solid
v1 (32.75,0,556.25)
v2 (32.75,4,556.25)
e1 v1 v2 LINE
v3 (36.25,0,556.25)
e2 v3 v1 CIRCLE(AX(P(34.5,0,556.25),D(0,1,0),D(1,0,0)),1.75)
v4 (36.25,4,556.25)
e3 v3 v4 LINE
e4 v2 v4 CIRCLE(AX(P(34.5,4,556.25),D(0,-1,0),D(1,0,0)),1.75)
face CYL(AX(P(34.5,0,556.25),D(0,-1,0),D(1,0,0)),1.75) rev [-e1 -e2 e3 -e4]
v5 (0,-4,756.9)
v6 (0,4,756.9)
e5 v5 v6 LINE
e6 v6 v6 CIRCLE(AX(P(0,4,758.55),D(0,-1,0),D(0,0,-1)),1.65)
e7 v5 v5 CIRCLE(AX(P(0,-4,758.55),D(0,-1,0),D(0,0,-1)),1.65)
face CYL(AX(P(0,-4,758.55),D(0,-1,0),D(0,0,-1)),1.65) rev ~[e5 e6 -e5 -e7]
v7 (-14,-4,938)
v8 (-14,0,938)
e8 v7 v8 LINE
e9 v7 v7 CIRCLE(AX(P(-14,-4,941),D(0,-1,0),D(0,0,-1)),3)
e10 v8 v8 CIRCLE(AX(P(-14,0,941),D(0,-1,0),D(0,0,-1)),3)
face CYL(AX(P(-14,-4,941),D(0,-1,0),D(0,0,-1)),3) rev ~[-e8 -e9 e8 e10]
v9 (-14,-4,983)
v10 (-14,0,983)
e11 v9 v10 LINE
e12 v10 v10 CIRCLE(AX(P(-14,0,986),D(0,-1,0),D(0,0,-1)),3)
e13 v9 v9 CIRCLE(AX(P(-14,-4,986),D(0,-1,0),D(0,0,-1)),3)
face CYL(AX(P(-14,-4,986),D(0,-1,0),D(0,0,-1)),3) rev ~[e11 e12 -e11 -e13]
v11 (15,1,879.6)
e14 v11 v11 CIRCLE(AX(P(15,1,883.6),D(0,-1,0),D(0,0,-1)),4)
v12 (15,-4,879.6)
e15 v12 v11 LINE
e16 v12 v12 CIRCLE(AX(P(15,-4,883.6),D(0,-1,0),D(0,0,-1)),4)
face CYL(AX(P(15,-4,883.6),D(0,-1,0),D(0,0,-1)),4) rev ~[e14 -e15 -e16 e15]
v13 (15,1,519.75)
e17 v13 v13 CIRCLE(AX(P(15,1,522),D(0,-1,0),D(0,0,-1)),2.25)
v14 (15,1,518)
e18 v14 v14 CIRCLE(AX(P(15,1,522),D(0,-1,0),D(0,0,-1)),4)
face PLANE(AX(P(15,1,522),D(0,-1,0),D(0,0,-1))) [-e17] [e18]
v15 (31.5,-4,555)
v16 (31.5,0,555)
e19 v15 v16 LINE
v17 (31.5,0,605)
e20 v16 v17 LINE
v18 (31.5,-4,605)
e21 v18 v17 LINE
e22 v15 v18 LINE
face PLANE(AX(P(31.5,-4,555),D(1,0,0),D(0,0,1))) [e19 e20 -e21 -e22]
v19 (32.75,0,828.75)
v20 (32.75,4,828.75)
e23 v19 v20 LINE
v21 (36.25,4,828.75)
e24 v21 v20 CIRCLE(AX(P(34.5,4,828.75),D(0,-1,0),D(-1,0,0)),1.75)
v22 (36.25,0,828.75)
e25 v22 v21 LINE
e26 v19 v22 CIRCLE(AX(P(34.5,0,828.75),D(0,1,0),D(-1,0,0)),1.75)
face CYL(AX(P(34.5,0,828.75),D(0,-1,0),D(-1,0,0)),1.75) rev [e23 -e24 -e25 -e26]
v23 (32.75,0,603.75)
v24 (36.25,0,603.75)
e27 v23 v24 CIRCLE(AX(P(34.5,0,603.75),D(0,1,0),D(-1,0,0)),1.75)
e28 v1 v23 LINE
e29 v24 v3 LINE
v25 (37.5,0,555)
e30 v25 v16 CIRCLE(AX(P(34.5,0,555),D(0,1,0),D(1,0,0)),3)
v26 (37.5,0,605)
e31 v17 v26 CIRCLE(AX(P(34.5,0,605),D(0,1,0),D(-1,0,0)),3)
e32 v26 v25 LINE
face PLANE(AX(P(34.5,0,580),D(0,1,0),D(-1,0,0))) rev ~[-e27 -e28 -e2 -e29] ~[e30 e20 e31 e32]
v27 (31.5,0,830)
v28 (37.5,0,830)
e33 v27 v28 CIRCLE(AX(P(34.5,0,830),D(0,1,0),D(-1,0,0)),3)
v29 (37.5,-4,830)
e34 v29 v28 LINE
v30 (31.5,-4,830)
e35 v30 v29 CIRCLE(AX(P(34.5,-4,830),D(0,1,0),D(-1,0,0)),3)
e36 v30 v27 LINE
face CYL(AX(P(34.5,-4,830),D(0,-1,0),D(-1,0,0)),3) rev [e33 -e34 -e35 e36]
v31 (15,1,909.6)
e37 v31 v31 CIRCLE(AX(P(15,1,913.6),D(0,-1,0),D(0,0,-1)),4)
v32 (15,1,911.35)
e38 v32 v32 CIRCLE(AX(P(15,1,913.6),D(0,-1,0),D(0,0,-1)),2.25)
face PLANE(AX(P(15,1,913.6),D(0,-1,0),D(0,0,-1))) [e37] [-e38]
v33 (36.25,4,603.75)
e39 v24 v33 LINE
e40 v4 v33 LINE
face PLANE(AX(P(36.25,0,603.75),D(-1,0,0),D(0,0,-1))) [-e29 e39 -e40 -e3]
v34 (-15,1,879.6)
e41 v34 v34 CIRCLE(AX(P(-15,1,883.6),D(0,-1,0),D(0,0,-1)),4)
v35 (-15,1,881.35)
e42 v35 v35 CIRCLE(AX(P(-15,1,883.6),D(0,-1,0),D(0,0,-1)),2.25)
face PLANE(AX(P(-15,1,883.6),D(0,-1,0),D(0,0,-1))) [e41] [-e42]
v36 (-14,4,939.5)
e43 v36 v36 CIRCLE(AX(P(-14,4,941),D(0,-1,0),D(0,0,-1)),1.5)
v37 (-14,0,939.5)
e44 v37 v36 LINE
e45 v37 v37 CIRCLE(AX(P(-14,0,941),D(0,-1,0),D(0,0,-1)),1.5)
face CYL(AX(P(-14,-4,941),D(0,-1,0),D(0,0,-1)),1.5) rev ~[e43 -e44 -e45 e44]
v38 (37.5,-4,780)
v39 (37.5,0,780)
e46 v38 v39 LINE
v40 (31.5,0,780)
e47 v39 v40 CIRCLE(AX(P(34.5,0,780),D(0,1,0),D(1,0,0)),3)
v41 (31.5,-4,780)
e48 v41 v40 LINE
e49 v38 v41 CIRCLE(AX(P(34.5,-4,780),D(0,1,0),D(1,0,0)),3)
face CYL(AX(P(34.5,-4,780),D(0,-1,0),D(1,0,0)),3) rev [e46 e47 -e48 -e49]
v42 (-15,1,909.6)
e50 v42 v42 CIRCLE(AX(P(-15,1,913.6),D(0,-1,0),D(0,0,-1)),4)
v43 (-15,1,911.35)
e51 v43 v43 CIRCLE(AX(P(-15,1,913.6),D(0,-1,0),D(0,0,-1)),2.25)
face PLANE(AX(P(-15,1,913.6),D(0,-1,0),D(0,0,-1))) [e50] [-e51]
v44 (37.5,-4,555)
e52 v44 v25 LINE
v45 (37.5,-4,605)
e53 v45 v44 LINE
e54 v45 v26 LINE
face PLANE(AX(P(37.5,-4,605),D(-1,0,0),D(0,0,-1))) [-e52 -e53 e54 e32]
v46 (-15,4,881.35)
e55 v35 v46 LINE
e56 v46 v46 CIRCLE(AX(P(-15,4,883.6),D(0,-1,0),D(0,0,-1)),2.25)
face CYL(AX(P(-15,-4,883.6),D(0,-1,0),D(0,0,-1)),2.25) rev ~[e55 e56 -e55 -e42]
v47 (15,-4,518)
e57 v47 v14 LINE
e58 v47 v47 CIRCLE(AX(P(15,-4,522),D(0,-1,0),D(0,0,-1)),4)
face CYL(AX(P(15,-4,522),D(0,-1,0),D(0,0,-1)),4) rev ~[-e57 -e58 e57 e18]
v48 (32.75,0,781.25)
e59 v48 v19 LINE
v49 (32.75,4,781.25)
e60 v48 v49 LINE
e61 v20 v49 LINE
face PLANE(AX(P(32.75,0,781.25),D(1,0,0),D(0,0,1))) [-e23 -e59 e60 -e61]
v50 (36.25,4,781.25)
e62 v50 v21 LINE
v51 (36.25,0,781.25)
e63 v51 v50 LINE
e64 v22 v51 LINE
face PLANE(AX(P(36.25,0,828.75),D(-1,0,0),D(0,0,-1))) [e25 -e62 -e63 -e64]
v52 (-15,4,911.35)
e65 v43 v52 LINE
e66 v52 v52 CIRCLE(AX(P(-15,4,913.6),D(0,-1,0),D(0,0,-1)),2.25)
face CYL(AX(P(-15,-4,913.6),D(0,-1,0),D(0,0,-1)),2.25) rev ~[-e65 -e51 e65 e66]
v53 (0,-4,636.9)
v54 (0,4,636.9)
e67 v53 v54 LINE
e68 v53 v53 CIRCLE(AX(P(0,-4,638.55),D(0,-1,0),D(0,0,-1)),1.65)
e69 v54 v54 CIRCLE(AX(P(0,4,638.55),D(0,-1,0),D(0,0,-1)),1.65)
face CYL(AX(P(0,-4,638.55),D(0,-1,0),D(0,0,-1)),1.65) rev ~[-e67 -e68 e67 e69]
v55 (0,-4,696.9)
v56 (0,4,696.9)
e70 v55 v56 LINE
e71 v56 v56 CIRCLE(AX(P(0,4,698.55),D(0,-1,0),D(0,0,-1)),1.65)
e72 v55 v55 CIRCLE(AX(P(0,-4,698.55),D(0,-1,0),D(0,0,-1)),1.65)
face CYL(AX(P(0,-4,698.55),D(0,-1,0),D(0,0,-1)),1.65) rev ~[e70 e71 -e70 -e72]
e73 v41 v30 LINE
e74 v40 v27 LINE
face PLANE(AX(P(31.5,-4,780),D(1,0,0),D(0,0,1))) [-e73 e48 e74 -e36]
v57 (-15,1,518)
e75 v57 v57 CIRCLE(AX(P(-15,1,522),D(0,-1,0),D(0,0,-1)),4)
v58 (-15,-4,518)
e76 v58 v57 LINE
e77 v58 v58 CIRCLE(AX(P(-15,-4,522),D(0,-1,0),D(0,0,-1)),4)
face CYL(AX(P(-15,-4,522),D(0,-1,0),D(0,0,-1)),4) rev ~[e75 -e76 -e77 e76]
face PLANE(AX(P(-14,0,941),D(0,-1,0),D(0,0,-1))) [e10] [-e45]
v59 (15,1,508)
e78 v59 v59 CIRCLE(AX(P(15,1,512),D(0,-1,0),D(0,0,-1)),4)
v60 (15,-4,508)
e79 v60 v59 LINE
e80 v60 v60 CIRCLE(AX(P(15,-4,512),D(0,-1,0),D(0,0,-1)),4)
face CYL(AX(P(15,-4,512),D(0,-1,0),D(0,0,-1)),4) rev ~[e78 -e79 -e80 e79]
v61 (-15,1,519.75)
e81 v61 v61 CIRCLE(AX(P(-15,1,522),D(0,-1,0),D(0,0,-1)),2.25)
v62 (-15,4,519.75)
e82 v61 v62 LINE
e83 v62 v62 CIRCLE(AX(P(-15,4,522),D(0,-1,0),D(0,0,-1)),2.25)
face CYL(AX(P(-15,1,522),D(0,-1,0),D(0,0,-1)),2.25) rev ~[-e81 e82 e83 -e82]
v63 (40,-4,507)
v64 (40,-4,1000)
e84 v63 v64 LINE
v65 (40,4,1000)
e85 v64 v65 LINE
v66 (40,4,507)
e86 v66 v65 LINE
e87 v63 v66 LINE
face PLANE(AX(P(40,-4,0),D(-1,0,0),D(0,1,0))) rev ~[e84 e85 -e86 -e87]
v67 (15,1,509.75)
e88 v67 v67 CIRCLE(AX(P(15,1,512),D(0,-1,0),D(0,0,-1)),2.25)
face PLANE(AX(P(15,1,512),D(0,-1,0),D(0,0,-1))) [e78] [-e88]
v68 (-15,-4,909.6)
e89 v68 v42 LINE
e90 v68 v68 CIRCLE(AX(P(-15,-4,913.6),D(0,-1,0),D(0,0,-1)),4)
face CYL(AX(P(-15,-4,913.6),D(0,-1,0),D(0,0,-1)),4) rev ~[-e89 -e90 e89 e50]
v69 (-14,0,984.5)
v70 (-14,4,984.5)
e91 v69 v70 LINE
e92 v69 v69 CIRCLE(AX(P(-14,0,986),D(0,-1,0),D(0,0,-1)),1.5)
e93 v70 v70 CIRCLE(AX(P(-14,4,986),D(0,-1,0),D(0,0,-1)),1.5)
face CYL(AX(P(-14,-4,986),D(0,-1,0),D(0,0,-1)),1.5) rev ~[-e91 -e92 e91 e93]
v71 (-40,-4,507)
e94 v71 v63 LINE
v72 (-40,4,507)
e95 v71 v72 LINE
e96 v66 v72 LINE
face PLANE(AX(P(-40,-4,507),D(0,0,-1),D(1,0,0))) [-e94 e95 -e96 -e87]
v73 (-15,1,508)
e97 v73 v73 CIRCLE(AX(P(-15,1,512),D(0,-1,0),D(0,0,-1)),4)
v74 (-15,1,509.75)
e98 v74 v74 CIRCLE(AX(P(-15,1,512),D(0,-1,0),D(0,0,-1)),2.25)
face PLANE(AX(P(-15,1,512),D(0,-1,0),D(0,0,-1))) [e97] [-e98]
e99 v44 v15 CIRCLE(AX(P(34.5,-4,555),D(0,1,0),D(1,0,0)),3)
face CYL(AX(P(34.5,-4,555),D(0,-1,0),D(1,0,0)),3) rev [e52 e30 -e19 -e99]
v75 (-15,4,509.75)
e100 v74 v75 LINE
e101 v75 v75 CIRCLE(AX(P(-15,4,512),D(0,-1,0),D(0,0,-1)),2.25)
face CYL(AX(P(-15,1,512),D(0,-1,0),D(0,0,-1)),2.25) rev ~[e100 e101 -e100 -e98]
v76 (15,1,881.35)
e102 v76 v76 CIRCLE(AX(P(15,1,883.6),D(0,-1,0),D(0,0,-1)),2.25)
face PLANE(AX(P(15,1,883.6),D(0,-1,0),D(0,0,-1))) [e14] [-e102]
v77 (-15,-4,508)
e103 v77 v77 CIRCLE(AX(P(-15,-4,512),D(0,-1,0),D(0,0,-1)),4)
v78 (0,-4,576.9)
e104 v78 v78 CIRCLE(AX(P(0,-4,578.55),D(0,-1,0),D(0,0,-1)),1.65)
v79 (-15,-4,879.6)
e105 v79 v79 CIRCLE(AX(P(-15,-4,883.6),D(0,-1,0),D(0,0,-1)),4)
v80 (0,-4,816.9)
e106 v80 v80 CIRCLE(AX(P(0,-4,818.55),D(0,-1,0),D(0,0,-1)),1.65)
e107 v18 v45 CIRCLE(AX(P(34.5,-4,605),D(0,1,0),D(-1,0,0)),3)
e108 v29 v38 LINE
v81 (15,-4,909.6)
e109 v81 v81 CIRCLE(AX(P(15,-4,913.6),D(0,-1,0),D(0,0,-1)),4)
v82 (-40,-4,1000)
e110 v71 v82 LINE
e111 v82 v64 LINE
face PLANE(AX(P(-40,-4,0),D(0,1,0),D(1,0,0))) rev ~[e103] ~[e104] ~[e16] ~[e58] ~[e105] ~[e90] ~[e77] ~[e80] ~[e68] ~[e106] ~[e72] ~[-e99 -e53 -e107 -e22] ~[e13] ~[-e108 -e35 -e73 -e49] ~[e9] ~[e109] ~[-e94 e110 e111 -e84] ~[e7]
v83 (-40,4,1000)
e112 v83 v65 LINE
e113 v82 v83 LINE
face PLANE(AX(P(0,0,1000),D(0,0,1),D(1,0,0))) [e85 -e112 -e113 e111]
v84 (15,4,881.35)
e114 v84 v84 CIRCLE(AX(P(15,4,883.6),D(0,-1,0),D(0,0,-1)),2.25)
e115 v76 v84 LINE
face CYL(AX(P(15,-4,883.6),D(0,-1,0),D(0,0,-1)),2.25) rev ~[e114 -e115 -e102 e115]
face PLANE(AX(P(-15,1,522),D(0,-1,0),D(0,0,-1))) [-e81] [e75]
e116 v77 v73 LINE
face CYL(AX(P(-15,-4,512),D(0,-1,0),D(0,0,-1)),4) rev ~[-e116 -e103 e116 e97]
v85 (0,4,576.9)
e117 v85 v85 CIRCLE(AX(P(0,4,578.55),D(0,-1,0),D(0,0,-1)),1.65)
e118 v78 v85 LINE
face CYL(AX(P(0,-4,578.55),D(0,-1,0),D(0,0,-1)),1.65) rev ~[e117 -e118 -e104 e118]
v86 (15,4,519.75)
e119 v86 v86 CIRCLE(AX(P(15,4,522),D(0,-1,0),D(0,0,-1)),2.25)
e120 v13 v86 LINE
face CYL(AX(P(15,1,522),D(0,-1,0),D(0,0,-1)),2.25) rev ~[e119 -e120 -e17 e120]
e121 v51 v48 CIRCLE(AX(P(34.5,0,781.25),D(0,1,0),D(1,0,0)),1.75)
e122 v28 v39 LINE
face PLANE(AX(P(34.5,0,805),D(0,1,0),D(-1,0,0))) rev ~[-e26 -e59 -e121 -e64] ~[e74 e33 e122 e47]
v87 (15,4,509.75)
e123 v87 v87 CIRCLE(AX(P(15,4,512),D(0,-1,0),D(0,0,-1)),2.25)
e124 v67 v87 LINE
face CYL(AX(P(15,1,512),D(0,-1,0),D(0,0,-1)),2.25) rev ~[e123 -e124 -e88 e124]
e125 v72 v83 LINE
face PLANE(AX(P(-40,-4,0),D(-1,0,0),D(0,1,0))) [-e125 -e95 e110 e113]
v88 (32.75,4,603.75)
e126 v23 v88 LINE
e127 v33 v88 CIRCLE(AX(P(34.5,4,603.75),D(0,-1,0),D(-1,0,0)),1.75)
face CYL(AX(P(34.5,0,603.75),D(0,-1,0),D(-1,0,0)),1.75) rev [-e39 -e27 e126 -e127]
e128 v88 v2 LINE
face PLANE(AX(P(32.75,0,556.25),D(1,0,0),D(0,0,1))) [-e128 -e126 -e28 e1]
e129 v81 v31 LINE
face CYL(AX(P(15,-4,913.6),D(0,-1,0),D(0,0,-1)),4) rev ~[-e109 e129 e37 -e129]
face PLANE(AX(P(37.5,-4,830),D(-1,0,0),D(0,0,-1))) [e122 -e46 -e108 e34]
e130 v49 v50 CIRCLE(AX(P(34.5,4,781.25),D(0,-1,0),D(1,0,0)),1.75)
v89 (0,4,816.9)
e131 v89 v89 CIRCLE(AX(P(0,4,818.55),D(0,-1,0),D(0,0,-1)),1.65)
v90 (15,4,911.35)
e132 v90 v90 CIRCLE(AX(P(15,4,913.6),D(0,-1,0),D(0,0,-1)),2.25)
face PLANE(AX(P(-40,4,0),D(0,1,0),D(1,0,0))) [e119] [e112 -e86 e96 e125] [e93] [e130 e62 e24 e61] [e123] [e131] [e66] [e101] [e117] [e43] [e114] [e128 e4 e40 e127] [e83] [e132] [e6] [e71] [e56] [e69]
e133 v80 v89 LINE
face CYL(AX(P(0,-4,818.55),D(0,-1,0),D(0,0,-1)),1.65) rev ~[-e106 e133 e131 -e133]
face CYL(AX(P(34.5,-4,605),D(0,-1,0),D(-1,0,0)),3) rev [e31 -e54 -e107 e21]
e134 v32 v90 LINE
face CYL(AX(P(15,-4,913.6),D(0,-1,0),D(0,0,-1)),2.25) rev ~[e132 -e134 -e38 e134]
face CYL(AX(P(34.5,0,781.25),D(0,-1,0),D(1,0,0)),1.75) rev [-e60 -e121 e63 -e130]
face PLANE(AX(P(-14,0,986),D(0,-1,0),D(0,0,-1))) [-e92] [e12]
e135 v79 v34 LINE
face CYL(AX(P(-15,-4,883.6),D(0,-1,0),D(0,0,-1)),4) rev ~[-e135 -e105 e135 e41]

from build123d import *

# Parameters (mm, degrees)
SKETCH_1_W                  = 80
SKETCH_1_H                  = 8
EXTRUDE_1_DEPTH             = 1000
SKETCH_3_R                  = 4
CUT_EXTRUDE_1_DEPTH         = 5
SKETCH_4_R                  = 2.25
CUT_EXTRUDE_2_DEPTH         = 5
SKETCH_5_R                  = 2.25
CUT_EXTRUDE_3_DEPTH         = 8
PATTERN_LINEAR_1_COUNT      = 2
PATTERN_LINEAR_1_PITCH      = 30
PATTERN_LINEAR_1_COUNT_DIR2 = 2
PATTERN_LINEAR_1_PITCH_DIR2 = 30
SKETCH_6_R                  = 4
CUT_EXTRUDE_4_DEPTH         = 5
PATTERN_LINEAR_2_COUNT      = 2
PATTERN_LINEAR_2_PITCH      = 30
PATTERN_LINEAR_2_COUNT_DIR2 = 2
PATTERN_LINEAR_2_PITCH_DIR2 = 30
PATTERN_LINEAR_11_COUNT     = 2
PATTERN_LINEAR_11_PITCH     = 10
CUT_EXTRUDE_8_DEPTH         = 4
CUT_EXTRUDE_9_DEPTH         = 5
PATTERN_LINEAR_5_COUNT      = 2
PATTERN_LINEAR_5_PITCH      = 610
PATTERN_LINEAR_6_COUNT      = 2
PATTERN_LINEAR_6_PITCH      = 225
PATTERN_LINEAR_7_COUNT      = 2
PATTERN_LINEAR_7_PITCH      = 385
SKETCH_13_R                 = 1.5
CUT_EXTRUDE_10_DEPTH        = 8
SKETCH_14_R                 = 3
CUT_EXTRUDE_11_DEPTH        = 4
PATTERN_LINEAR_8_COUNT      = 2
PATTERN_LINEAR_8_PITCH      = 927
SKETCH_15_R                 = 1.65
CUT_EXTRUDE_12_DEPTH        = 10
PATTERN_LINEAR_9_COUNT      = 5
PATTERN_LINEAR_9_PITCH      = 60
SKETCH_16_R                 = 1.65
CUT_EXTRUDE_13_DEPTH        = 10
PATTERN_LINEAR_10_COUNT     = 5
PATTERN_LINEAR_10_PITCH     = 60
SKETCH_17_W                 = 80
SKETCH_17_H                 = 507
CUT_EXTRUDE_14_DEPTH        = 10


with BuildPart() as part:
    # Эскиз1 → Бобышка-Вытянуть1 (new body)
    with BuildSketch(Plane.XY):
        Rectangle(SKETCH_1_W, SKETCH_1_H)
    extrude(amount=EXTRUDE_1_DEPTH)

    # Эскиз3 → Вырез-Вытянуть1 (cut)
    with BuildSketch(Plane.XZ.offset(4)):
        with Locations(Location((15, 512, 0), (0, 0, 270))):
            Circle(SKETCH_3_R)
        with Locations(Location((-15, 512, 0), (0, 0, 270))):
            Circle(SKETCH_3_R)
    cut_extrude_1 = extrude(amount=-CUT_EXTRUDE_1_DEPTH, mode=Mode.SUBTRACT)

    # Эскиз4 → Вырез-Вытянуть2 (cut)
    with BuildSketch(Plane.XZ.offset(-1)):
        with Locations(Location((-15, 512, 0), (0, 0, 270))):
            Circle(SKETCH_4_R)
        with Locations(Location((15, 512, 0), (0, 0, 270))):
            Circle(SKETCH_4_R)
    cut_extrude_2 = extrude(amount=-CUT_EXTRUDE_2_DEPTH, mode=Mode.SUBTRACT)

    # Эскиз5 → Вырез-Вытянуть3 (cut)
    with BuildSketch(Plane.XZ.offset(4)):
        with Locations(Location((-15, 913.6, 0), (0, 0, 270))):
            Circle(SKETCH_5_R)
    cut_extrude_3 = extrude(amount=-CUT_EXTRUDE_3_DEPTH, mode=Mode.SUBTRACT)

    # Линейный массив1: Cut-Extrude 3 2 × 2
    with Locations(*[(i * PATTERN_LINEAR_1_PITCH, 0, -j * PATTERN_LINEAR_1_PITCH_DIR2) for i in range(PATTERN_LINEAR_1_COUNT) for j in range(PATTERN_LINEAR_1_COUNT_DIR2) if (i, j) != (0, 0)]):
        add(cut_extrude_3, mode=Mode.SUBTRACT)

    # Эскиз6 → Вырез-Вытянуть4 (cut)
    with BuildSketch(Plane.XZ.offset(4)):
        with Locations(Location((-15, 913.6, 0), (0, 0, 270))):
            Circle(SKETCH_6_R)
    cut_extrude_4 = extrude(amount=-CUT_EXTRUDE_4_DEPTH, mode=Mode.SUBTRACT)

    # Линейный массив2: Cut-Extrude 4 2 × 2
    with Locations(*[(i * PATTERN_LINEAR_2_PITCH, 0, -j * PATTERN_LINEAR_2_PITCH_DIR2) for i in range(PATTERN_LINEAR_2_COUNT) for j in range(PATTERN_LINEAR_2_COUNT_DIR2) if (i, j) != (0, 0)]):
        add(cut_extrude_4, mode=Mode.SUBTRACT)

    # Линейный массив11: Вырез-Вытянуть1, Вырез-Вытянуть2 ×2
    with Locations(*[(0, 0, i * PATTERN_LINEAR_11_PITCH) for i in range(1, PATTERN_LINEAR_11_COUNT)]):
        add(cut_extrude_1, mode=Mode.SUBTRACT)
        add(cut_extrude_2, mode=Mode.SUBTRACT)

    # Эскиз11 → Вырез-Вытянуть8 (cut)
    with BuildSketch(Plane.XZ.offset(4)):
        with BuildLine():
            Line((37.5, 220), (37.5, 170))
            ThreePointArc((37.5, 170), (34.5, 167), (31.5, 170))
            Line((31.5, 170), (31.5, 220))
            ThreePointArc((31.5, 220), (34.5, 223), (37.5, 220))
        make_face()
    cut_extrude_8 = extrude(amount=-CUT_EXTRUDE_8_DEPTH, mode=Mode.SUBTRACT)

    # Эскиз12 → Вырез-Вытянуть9 (cut)
    with BuildSketch(Plane(origin=(0, 0, 0), x_dir=(-1, 0, 0), z_dir=(0, -1, 0))):
        with BuildLine():
            Line((-36.25, -218.75), (-36.25, -171.25))
            ThreePointArc((-36.25, -171.25), (-34.5, -169.5), (-32.75, -171.25))
            Line((-32.75, -171.25), (-32.75, -218.75))
            ThreePointArc((-32.75, -218.75), (-34.5, -220.5), (-36.25, -218.75))
        make_face()
    cut_extrude_9 = extrude(amount=-CUT_EXTRUDE_9_DEPTH, mode=Mode.SUBTRACT)

    # Линейный массив5: Вырез-Вытянуть8, Вырез-Вытянуть9 ×2
    with Locations(*[(0, 0, i * PATTERN_LINEAR_5_PITCH) for i in range(1, PATTERN_LINEAR_5_COUNT)]):
        add(cut_extrude_8, mode=Mode.SUBTRACT)
        add(cut_extrude_9, mode=Mode.SUBTRACT)

    # Линейный массив6: Вырез-Вытянуть8, Вырез-Вытянуть9 ×2
    with Locations(*[(0, 0, i * PATTERN_LINEAR_6_PITCH) for i in range(1, PATTERN_LINEAR_6_COUNT)]):
        add(cut_extrude_8, mode=Mode.SUBTRACT)
        add(cut_extrude_9, mode=Mode.SUBTRACT)

    # Линейный массив7: Вырез-Вытянуть8, Вырез-Вытянуть9 ×2
    with Locations(*[(0, 0, i * PATTERN_LINEAR_7_PITCH) for i in range(1, PATTERN_LINEAR_7_COUNT)]):
        add(cut_extrude_8, mode=Mode.SUBTRACT)
        add(cut_extrude_9, mode=Mode.SUBTRACT)

    # Эскиз13 → Вырез-Вытянуть10 (cut)
    with BuildSketch(Plane.XZ.offset(4)):
        with Locations(Location((-14, 59, 0), (0, 0, 270))):
            Circle(SKETCH_13_R)
        with Locations(Location((-14, 14, 0), (0, 0, 270))):
            Circle(SKETCH_13_R)
    cut_extrude_10 = extrude(amount=-CUT_EXTRUDE_10_DEPTH, mode=Mode.SUBTRACT)

    # Эскиз14 → Вырез-Вытянуть11 (cut)
    with BuildSketch(Plane.XZ.offset(4)):
        with Locations(Location((-14, 59, 0), (0, 0, 270))):
            Circle(SKETCH_14_R)
        with Locations(Location((-14, 14, 0), (0, 0, 270))):
            Circle(SKETCH_14_R)
    cut_extrude_11 = extrude(amount=-CUT_EXTRUDE_11_DEPTH, mode=Mode.SUBTRACT)

    # Линейный массив8: Вырез-Вытянуть10, Вырез-Вытянуть11 ×2
    with Locations(*[(0, 0, i * PATTERN_LINEAR_8_PITCH) for i in range(1, PATTERN_LINEAR_8_COUNT)]):
        add(cut_extrude_10, mode=Mode.SUBTRACT)
        add(cut_extrude_11, mode=Mode.SUBTRACT)

    # Эскиз15 → Вырез-Вытянуть12 (cut)
    with BuildSketch(Plane.XZ.offset(4)):
        with Locations(Location((0, 421.45, 0), (0, 0, 270))):
            Circle(SKETCH_15_R)
    cut_extrude_12 = extrude(amount=-CUT_EXTRUDE_12_DEPTH, mode=Mode.SUBTRACT)

    # Линейный массив9: Вырез-Вытянуть12 ×5
    with Locations(*[(0, 0, -i * PATTERN_LINEAR_9_PITCH) for i in range(1, PATTERN_LINEAR_9_COUNT)]):
        add(cut_extrude_12, mode=Mode.SUBTRACT)

    # Эскиз16 → Вырез-Вытянуть13 (cut)
    with BuildSketch(Plane.XZ.offset(4)):
        with Locations(Location((0, 578.55, 0), (0, 0, 270))):
            Circle(SKETCH_16_R)
    cut_extrude_13 = extrude(amount=-CUT_EXTRUDE_13_DEPTH, mode=Mode.SUBTRACT)

    # Линейный массив10: Вырез-Вытянуть13 ×5
    with Locations(*[(0, 0, i * PATTERN_LINEAR_10_PITCH) for i in range(1, PATTERN_LINEAR_10_COUNT)]):
        add(cut_extrude_13, mode=Mode.SUBTRACT)

    # Эскиз17 → Вырез-Вытянуть14 (cut)
    with BuildSketch(Plane.XZ.offset(4)):
        with Locations((0, 253.5)):
            Rectangle(SKETCH_17_W, SKETCH_17_H)
    extrude(amount=-CUT_EXTRUDE_14_DEPTH, mode=Mode.SUBTRACT)


solid = part.part
